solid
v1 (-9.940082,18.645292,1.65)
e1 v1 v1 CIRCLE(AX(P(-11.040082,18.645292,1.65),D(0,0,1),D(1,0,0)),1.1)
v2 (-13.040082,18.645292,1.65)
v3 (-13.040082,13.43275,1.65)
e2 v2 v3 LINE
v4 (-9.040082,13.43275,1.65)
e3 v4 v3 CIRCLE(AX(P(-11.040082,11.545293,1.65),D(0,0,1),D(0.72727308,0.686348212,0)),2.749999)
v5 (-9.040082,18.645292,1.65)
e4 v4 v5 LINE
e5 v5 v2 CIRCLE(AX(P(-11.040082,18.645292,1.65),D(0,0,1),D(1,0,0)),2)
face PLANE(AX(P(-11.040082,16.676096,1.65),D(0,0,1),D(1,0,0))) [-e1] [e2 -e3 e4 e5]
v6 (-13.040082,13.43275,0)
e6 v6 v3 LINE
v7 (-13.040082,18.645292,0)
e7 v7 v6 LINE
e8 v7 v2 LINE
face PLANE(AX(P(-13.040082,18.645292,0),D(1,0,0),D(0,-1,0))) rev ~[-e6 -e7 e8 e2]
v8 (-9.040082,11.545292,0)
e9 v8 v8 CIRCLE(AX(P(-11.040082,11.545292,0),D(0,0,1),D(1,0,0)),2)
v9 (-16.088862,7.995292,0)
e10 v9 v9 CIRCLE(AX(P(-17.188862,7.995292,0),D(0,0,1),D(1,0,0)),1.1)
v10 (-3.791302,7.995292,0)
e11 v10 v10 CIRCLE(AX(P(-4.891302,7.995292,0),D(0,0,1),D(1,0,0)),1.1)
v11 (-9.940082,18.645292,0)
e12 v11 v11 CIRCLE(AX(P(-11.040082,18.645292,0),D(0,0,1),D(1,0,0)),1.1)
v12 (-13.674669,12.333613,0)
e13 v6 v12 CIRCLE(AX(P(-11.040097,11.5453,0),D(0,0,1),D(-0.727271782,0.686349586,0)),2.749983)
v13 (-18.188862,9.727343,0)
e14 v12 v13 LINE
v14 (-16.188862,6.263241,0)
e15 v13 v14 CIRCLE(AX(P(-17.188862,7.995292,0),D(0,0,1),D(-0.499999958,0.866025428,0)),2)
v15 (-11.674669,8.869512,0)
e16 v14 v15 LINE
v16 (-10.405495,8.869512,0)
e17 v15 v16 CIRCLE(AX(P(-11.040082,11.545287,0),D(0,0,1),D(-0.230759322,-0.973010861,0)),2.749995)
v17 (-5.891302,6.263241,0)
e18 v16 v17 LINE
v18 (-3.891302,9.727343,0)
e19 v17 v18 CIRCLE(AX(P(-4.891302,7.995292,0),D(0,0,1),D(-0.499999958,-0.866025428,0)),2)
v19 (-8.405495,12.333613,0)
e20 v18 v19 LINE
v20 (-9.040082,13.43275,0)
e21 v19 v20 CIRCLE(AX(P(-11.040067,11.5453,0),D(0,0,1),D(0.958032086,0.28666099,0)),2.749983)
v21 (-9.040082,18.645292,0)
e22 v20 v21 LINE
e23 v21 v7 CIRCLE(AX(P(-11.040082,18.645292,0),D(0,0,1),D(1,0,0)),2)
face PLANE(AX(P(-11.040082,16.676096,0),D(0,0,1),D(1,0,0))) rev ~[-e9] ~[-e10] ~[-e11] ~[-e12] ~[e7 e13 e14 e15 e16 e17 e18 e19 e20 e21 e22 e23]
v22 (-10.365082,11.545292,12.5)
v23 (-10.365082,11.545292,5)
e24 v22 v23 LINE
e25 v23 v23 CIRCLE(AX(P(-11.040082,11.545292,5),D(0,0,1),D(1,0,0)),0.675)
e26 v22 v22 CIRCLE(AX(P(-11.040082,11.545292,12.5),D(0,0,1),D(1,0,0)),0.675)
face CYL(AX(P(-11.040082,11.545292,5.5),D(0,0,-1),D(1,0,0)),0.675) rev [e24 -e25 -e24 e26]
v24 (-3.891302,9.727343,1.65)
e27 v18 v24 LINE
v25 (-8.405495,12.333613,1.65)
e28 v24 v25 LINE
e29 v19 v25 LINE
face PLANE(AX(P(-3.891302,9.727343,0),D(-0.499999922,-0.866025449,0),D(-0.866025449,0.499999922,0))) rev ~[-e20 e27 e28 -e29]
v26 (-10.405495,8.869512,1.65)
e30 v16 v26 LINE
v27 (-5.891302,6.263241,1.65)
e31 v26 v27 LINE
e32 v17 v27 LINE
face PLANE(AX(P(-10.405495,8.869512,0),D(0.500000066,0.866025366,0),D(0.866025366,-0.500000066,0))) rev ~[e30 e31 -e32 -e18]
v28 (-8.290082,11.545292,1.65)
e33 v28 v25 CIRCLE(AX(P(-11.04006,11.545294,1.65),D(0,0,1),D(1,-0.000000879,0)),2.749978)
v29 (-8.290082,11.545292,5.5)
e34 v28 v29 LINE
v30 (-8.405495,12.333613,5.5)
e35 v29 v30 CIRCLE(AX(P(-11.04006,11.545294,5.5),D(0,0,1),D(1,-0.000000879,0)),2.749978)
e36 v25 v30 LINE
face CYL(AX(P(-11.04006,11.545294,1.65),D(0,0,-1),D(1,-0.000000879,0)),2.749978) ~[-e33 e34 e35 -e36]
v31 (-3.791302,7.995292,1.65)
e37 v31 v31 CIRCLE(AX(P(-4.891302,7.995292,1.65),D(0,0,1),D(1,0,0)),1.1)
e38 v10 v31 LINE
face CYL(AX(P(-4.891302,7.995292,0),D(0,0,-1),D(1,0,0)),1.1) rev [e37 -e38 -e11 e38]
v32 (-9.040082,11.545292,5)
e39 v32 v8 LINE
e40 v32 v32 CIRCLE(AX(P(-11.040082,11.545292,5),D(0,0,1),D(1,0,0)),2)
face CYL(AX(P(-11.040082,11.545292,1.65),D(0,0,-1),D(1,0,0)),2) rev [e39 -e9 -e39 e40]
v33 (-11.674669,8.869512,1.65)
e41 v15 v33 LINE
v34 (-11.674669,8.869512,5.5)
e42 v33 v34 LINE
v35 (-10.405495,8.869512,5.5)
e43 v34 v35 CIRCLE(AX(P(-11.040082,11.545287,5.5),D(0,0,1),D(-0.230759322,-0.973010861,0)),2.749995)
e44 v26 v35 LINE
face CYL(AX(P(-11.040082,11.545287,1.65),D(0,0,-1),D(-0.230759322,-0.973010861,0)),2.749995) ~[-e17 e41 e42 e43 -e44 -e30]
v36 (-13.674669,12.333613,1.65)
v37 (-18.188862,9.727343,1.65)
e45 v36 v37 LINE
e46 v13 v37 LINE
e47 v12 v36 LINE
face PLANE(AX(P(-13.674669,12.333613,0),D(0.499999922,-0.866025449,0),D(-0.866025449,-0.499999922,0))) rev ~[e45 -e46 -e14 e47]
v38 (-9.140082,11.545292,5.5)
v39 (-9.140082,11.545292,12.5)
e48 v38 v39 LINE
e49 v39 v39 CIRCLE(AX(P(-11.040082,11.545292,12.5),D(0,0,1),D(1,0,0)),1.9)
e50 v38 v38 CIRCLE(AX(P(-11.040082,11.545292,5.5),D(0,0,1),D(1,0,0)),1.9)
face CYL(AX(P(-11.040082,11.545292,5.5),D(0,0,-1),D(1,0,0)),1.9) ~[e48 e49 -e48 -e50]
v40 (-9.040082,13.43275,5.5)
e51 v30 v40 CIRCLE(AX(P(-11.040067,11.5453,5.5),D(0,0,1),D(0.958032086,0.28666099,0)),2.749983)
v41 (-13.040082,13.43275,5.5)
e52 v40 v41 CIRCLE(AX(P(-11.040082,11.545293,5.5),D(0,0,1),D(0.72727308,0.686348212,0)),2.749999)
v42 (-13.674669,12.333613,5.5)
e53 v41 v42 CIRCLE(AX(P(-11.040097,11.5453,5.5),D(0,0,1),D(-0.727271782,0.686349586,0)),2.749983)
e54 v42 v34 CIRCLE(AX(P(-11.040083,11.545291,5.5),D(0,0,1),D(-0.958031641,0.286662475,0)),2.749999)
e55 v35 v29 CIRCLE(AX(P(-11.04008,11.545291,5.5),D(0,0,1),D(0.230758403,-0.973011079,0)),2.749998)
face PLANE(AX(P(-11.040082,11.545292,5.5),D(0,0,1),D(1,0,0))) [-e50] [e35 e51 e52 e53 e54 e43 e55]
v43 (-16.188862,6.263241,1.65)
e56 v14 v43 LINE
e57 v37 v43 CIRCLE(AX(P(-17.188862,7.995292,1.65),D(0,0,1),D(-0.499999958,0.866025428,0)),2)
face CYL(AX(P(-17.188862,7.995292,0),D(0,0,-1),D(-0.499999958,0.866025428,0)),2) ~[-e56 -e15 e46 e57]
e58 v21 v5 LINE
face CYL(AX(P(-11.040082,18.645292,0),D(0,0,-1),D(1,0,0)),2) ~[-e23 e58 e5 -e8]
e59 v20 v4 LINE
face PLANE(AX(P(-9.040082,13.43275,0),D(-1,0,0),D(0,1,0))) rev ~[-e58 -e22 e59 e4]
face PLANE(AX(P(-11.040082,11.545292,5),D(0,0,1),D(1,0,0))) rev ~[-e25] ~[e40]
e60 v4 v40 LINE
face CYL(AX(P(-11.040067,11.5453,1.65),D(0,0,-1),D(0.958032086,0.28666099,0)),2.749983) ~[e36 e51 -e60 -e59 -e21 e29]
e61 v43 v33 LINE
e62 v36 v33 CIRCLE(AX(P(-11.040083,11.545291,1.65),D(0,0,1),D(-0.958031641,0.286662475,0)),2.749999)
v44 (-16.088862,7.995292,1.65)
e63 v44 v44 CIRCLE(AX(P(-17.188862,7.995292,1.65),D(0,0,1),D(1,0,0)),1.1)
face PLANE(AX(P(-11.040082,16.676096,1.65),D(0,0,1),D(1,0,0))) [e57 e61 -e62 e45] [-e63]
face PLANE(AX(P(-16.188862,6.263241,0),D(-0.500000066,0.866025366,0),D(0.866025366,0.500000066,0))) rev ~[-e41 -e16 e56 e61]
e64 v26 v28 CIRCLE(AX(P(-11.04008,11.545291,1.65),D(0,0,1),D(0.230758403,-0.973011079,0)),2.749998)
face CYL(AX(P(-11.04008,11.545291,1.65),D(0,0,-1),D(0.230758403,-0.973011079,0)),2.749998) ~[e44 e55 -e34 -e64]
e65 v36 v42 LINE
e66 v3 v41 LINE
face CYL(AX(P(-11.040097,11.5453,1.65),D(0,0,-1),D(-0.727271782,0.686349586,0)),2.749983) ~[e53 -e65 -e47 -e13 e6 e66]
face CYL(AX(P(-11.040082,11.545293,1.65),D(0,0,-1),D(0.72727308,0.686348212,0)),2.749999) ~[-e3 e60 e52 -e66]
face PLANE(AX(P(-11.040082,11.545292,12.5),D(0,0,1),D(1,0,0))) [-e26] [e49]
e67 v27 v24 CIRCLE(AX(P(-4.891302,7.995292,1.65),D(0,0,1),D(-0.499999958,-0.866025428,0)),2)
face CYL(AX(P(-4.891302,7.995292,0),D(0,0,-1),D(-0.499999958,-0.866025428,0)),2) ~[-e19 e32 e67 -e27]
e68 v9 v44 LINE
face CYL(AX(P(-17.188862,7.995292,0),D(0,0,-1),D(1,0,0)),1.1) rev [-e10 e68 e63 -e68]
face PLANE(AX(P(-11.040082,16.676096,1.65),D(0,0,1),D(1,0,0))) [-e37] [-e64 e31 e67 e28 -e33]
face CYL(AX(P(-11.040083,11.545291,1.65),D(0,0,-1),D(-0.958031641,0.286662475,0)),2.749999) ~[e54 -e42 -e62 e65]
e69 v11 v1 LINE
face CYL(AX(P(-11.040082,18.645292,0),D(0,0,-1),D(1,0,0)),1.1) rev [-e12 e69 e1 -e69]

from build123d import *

# Parameters (mm, degrees)
F0_R     = 1.1
F0_R_2   = 2
F1_DEPTH = 1.65
F2_R     = 2
F3_DEPTH = 3.85
F4_R     = 2
F4_R_2   = 1.9
F4_R_3   = 0.675
F5_DEPTH = 0.5
F6_DEPTH = 7


with BuildPart() as f1:
    # F0 (on Top) → F1 (new body)
    with BuildSketch(Plane.XY):
        with BuildLine():
            ThreePointArc((-13.040082, 13.43275), (-11.040082, 14.295292), (-9.040082, 13.43275))
            Line((-9.040082, 13.43275), (-9.040082, 18.645292))
            ThreePointArc((-9.040082, 18.645292), (-11.040082, 20.645292), (-13.040082, 18.645292))
            Line((-13.040082, 18.645292), (-13.040082, 13.43275))
        make_face()
        with Locations((-11.040082, 18.645292)):
            Circle(F0_R, mode=Mode.SUBTRACT)
        with BuildLine():
            Line((-16.188862, 6.263241), (-11.674669, 8.869512))
            ThreePointArc((-11.674669, 8.869512), (-13.421652, 10.170292), (-13.674669, 12.333613))
            Line((-13.674669, 12.333613), (-18.188862, 9.727343))
            ThreePointArc((-18.188862, 9.727343), (-18.920913, 6.995292), (-16.188862, 6.263241))
        make_face()
        with Locations((-17.188862, 7.995292)):
            Circle(F0_R, mode=Mode.SUBTRACT)
        with BuildLine():
            ThreePointArc((-10.405495, 8.869512), (-8.882813, 9.839803), (-8.290082, 11.545292))
            ThreePointArc((-8.290082, 11.545292), (-8.319088, 11.943654), (-8.405495, 12.333613))
            ThreePointArc((-8.405495, 12.333613), (-8.658512, 12.920292), (-9.040082, 13.43275))
            ThreePointArc((-9.040082, 13.43275), (-11.040082, 14.295292), (-13.040082, 13.43275))
            ThreePointArc((-13.040082, 13.43275), (-13.421652, 12.920292), (-13.674669, 12.333613))
            ThreePointArc((-13.674669, 12.333613), (-13.421652, 10.170292), (-11.674669, 8.869512))
            ThreePointArc((-11.674669, 8.869512), (-11.040082, 8.795292), (-10.405495, 8.869512))
        make_face()
        with Locations((-11.040082, 11.545292)):
            Circle(F0_R_2, mode=Mode.SUBTRACT)
        with BuildLine():
            ThreePointArc((-8.405495, 12.333613), (-8.319088, 11.943654), (-8.290082, 11.545292))
            ThreePointArc((-8.290082, 11.545292), (-8.882813, 9.839803), (-10.405495, 8.869512))
            Line((-10.405495, 8.869512), (-5.891302, 6.263241))
            ThreePointArc((-5.891302, 6.263241), (-3.159251, 6.995292), (-3.891302, 9.727343))
            Line((-3.891302, 9.727343), (-8.405495, 12.333613))
        make_face()
        with Locations((-4.891302, 7.995292)):
            Circle(F0_R, mode=Mode.SUBTRACT)
    extrude(amount=F1_DEPTH)

    # F2 (on face) → F3 (join)
    with BuildSketch(Plane.XY.offset(1.65)):
        with BuildLine():
            ThreePointArc((-10.405495, 8.869512), (-8.882813, 9.839803), (-8.290082, 11.545292))
            ThreePointArc((-8.290082, 11.545292), (-8.319088, 11.943654), (-8.405495, 12.333613))
            ThreePointArc((-8.405495, 12.333613), (-8.658512, 12.920292), (-9.040082, 13.43275))
            ThreePointArc((-9.040082, 13.43275), (-11.040082, 14.295292), (-13.040082, 13.43275))
            ThreePointArc((-13.040082, 13.43275), (-13.421652, 12.920292), (-13.674669, 12.333613))
            ThreePointArc((-13.674669, 12.333613), (-13.421652, 10.170292), (-11.674669, 8.869512))
            ThreePointArc((-11.674669, 8.869512), (-11.040082, 8.795292), (-10.405495, 8.869512))
        make_face()
        with Locations((-11.040082, 11.545292)):
            Circle(F2_R, mode=Mode.SUBTRACT)
    extrude(amount=F3_DEPTH)

    # F4 (on face) → F5 (join)
    with BuildSketch(Plane.XY.offset(5.5)):
        with Locations((-11.040082, 11.545292)):
            Circle(F4_R)
        with Locations((-11.040082, 11.545292)):
            Circle(F4_R_2, mode=Mode.SUBTRACT)
        with Locations((-11.040082, 11.545292)):
            Circle(F4_R_2)
        with Locations((-11.040082, 11.545292)):
            Circle(F4_R_3, mode=Mode.SUBTRACT)
    extrude(amount=-F5_DEPTH)

    # F4 (on face) → F6 (join)
    with BuildSketch(Plane.XY.offset(5.5)):
        with Locations((-11.040082, 11.545292)):
            Circle(F4_R_2)
        with Locations((-11.040082, 11.545292)):
            Circle(F4_R_3, mode=Mode.SUBTRACT)
    extrude(amount=F6_DEPTH)


solid = f1.part
